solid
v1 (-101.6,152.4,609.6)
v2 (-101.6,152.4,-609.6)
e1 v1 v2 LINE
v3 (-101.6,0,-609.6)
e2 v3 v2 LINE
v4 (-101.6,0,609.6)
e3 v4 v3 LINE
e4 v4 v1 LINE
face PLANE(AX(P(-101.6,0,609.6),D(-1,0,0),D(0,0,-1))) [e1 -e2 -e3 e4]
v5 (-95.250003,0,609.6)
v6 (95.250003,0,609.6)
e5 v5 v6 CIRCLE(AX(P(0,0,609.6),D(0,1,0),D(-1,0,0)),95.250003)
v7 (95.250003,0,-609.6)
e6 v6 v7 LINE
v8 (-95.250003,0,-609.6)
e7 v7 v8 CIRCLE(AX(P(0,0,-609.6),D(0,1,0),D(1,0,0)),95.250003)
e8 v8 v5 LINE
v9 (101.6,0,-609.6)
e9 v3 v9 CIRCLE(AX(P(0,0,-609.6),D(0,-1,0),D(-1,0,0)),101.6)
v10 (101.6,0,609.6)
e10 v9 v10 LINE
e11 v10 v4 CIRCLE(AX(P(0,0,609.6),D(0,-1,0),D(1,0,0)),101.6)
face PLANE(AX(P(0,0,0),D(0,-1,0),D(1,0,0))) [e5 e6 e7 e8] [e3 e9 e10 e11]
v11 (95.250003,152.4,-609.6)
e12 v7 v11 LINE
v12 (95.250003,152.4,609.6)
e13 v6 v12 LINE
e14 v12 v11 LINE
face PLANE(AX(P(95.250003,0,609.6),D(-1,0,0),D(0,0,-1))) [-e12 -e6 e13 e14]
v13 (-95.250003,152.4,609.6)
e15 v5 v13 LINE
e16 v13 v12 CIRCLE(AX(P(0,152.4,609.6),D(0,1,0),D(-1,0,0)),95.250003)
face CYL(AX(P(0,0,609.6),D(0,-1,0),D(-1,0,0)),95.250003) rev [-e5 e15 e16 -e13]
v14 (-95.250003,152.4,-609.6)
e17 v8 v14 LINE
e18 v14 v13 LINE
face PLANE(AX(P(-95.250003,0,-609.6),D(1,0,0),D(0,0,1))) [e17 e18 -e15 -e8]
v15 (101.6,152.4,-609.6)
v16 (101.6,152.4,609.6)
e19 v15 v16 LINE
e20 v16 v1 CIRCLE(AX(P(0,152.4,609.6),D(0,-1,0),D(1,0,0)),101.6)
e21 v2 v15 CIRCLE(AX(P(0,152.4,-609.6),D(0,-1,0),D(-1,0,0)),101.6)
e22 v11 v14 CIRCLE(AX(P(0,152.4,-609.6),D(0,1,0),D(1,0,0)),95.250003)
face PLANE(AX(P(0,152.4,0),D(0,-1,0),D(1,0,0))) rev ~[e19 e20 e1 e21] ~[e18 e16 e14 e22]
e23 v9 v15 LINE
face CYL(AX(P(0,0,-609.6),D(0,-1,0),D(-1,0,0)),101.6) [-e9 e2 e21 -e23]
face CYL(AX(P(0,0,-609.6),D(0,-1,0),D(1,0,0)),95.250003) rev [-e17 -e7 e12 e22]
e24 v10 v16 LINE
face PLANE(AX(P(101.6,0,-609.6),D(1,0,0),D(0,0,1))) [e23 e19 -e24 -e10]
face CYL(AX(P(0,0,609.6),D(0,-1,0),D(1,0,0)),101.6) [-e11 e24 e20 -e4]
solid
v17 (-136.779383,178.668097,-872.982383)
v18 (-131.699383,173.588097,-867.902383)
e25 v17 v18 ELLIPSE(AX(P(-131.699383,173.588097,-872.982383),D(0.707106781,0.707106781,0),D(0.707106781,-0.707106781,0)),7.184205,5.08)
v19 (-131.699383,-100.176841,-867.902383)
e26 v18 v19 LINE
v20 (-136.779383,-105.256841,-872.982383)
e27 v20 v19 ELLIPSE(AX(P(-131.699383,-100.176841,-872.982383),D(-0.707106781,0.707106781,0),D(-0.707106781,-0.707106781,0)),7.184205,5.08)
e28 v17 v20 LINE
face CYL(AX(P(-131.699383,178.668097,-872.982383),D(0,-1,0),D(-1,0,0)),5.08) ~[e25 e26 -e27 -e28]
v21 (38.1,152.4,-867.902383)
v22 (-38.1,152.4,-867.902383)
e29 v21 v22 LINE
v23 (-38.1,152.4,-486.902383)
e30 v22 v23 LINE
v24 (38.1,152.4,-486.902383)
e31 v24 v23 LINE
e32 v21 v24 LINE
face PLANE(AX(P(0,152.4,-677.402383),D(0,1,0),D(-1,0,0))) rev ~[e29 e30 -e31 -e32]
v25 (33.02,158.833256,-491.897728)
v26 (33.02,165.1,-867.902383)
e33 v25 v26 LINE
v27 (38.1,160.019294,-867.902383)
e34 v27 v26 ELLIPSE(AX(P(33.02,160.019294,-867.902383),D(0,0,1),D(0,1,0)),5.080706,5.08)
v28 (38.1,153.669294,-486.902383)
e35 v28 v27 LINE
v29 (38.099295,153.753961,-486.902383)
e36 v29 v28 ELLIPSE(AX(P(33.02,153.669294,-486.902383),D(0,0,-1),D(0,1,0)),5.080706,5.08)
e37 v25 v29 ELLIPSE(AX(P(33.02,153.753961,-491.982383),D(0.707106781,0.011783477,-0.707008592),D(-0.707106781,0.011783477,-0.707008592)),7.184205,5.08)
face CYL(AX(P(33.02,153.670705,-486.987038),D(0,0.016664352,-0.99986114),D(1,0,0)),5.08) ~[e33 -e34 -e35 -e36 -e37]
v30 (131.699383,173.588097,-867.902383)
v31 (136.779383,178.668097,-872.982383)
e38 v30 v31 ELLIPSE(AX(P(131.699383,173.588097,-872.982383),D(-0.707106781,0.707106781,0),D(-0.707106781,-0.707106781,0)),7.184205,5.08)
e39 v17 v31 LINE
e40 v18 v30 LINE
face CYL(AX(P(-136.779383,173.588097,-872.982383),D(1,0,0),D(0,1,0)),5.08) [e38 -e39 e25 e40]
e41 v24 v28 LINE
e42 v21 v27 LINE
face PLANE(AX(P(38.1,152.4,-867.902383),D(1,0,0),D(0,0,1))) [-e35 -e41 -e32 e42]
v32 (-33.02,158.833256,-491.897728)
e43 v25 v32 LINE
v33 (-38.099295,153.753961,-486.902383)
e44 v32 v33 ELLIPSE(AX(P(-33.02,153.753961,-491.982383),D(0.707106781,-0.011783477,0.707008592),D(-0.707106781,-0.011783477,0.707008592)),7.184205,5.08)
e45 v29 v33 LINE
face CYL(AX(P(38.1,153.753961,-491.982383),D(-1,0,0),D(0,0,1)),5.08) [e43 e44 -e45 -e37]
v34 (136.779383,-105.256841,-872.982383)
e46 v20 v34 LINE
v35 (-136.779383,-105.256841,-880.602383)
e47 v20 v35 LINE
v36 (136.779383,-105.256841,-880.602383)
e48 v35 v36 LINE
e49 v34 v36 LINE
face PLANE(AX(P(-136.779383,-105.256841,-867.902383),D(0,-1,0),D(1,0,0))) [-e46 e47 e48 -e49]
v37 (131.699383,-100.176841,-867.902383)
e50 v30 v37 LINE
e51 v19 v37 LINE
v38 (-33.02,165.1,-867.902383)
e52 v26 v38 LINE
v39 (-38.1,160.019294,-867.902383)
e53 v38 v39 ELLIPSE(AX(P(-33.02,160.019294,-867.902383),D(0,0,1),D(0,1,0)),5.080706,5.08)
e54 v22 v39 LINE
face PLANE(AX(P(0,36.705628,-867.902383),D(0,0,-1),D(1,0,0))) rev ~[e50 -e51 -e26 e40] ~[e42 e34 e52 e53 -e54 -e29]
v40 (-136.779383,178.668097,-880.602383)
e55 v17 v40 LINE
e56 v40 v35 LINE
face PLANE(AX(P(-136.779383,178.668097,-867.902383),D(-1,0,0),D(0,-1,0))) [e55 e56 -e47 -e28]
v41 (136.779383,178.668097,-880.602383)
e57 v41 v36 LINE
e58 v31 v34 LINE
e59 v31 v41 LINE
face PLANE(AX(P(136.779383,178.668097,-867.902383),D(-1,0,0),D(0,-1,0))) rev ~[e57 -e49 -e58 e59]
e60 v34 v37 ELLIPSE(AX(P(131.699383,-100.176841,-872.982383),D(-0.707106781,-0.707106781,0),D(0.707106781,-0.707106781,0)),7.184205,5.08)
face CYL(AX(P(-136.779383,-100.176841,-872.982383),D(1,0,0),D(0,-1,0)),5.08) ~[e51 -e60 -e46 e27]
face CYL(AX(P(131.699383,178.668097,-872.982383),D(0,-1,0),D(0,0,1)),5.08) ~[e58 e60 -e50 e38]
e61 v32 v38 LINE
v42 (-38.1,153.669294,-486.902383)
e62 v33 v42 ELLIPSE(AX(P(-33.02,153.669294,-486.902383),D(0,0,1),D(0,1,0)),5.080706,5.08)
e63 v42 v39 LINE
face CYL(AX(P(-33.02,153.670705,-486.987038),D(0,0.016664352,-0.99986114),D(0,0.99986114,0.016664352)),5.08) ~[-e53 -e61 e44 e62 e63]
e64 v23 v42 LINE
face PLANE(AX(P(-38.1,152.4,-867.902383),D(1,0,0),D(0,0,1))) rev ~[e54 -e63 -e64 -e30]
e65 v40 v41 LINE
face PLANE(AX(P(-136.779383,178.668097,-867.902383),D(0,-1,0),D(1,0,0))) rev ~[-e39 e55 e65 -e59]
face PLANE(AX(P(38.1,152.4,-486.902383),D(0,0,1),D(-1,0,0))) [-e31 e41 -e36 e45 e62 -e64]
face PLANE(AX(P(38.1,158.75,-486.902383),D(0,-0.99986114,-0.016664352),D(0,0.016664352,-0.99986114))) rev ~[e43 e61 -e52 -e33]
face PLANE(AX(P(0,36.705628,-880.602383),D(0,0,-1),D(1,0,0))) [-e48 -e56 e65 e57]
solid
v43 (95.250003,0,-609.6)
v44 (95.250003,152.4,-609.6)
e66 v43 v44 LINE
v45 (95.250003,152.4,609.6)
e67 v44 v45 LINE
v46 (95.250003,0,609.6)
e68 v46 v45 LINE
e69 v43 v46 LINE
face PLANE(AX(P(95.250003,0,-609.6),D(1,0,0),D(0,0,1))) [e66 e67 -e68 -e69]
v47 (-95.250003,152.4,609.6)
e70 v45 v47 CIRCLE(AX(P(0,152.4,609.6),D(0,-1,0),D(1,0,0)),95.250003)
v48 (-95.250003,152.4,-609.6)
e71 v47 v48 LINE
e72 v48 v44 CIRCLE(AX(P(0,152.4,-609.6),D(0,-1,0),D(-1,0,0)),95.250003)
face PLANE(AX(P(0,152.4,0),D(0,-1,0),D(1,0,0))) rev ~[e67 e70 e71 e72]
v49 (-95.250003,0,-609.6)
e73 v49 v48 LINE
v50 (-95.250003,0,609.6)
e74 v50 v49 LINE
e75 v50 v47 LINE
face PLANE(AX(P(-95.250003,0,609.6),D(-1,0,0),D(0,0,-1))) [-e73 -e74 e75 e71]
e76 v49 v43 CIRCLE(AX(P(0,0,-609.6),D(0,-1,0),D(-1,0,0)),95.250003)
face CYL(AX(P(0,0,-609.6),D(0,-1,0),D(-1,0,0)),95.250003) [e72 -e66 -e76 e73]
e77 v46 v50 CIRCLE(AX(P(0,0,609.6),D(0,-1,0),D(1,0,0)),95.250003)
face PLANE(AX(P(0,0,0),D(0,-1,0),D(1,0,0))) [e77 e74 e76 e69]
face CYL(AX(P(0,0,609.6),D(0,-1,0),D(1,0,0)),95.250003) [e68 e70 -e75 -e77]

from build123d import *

# Parameters (mm, degrees)
F1_DEPTH  = 152.4
F3_DEPTH  = 152.4
F4_W      = 76.2
F4_H      = 381
F5_DEPTH  = 12.7
F7_DEPTH  = 139.701
F8_R      = 5.08
F9_W      = 273.5587656498
F9_H      = 283.9249372482
F10_DEPTH = 12.7
F11_R     = 5.08


with BuildPart() as f1:
    # F0 (on Front) → F1 (new body)
    with BuildSketch(Plane.XZ):
        with BuildLine():
            ThreePointArc((101.6, 609.6), (0, 711.2), (-101.6, 609.6))
            Line((-101.6, 609.6), (-101.6, -609.6))
            ThreePointArc((-101.6, -609.6), (0, -711.2), (101.6, -609.6))
            Line((101.6, -609.6), (101.6, 609.6))
        make_face()
        with BuildLine():
            Line((-95.2500030398, -609.6), (-95.2500030398, 609.6))
            ThreePointArc((-95.2500030398, 609.6), (0, 704.8500030398), (95.2500030398, 609.6))
            Line((95.2500030398, 609.6), (95.2500030398, -609.6))
            ThreePointArc((95.2500030398, -609.6), (0, -704.8500030398), (-95.2500030398, -609.6))
        make_face(mode=Mode.SUBTRACT)
    extrude(amount=-F1_DEPTH)


with BuildPart() as f3:
    # F2 (on face) → F3 (new body)
    with BuildSketch(Plane.XZ):
        with BuildLine():
            ThreePointArc((-95.2500030398, -609.6), (0, -704.8500030398), (95.2500030398, -609.6))
            Line((95.2500030398, -609.6), (95.2500030398, 609.6))
            ThreePointArc((95.2500030398, 609.6), (0, 704.8500030398), (-95.2500030398, 609.6))
            Line((-95.2500030398, 609.6), (-95.2500030398, -609.6))
        make_face()
    extrude(amount=-F3_DEPTH)


with BuildPart() as f5:
    # F4 (on face) → F5 (new body)
    with BuildSketch(Plane(origin=(0, 152.4, 0), x_dir=(-1, 0, 0), z_dir=(0, 1, 0))):
        with Locations((0, -677.4023830414)):
            Rectangle(F4_W, F4_H)
    extrude(amount=F5_DEPTH)

    # F6 (on face) → F7 (cut, through all)
    with BuildSketch(Plane.YZ.offset(38.1)):
        Polygon((158.75, -486.9023830414), (165.1, -867.9023830414), (165.1, -486.9023830414), align=None)
    extrude(amount=-F7_DEPTH, mode=Mode.SUBTRACT)

    # F8
    f8_edges = [f5.edges().sort_by_distance(p)[0] for p in [
        (38.1, 161.925, -677.402383),
        (-38.1, 161.925, -677.402383),
        (0, 158.75, -486.902383),
    ]]
    fillet(f8_edges, radius=F8_R)

    # F9 (on face) → F10 (join)
    with BuildSketch(Plane(origin=(0, 0, -867.9023830414), x_dir=(1, 0, 0), z_dir=(0, 0, -1))):
        with Locations((0, -36.7056280375)):
            Rectangle(F9_W, F9_H)
    extrude(amount=F10_DEPTH)

    # F11
    f11_edges = [f5.edges().sort_by_distance(p)[0] for p in [
        (-136.779383, 36.705628, -867.902383),
        (0, -105.256841, -867.902383),
        (136.779383, 36.705628, -867.902383),
        (0, 178.668097, -867.902383),
    ]]
    fillet(f11_edges, radius=F11_R)


solid = Compound([f1.part, f3.part, f5.part])
